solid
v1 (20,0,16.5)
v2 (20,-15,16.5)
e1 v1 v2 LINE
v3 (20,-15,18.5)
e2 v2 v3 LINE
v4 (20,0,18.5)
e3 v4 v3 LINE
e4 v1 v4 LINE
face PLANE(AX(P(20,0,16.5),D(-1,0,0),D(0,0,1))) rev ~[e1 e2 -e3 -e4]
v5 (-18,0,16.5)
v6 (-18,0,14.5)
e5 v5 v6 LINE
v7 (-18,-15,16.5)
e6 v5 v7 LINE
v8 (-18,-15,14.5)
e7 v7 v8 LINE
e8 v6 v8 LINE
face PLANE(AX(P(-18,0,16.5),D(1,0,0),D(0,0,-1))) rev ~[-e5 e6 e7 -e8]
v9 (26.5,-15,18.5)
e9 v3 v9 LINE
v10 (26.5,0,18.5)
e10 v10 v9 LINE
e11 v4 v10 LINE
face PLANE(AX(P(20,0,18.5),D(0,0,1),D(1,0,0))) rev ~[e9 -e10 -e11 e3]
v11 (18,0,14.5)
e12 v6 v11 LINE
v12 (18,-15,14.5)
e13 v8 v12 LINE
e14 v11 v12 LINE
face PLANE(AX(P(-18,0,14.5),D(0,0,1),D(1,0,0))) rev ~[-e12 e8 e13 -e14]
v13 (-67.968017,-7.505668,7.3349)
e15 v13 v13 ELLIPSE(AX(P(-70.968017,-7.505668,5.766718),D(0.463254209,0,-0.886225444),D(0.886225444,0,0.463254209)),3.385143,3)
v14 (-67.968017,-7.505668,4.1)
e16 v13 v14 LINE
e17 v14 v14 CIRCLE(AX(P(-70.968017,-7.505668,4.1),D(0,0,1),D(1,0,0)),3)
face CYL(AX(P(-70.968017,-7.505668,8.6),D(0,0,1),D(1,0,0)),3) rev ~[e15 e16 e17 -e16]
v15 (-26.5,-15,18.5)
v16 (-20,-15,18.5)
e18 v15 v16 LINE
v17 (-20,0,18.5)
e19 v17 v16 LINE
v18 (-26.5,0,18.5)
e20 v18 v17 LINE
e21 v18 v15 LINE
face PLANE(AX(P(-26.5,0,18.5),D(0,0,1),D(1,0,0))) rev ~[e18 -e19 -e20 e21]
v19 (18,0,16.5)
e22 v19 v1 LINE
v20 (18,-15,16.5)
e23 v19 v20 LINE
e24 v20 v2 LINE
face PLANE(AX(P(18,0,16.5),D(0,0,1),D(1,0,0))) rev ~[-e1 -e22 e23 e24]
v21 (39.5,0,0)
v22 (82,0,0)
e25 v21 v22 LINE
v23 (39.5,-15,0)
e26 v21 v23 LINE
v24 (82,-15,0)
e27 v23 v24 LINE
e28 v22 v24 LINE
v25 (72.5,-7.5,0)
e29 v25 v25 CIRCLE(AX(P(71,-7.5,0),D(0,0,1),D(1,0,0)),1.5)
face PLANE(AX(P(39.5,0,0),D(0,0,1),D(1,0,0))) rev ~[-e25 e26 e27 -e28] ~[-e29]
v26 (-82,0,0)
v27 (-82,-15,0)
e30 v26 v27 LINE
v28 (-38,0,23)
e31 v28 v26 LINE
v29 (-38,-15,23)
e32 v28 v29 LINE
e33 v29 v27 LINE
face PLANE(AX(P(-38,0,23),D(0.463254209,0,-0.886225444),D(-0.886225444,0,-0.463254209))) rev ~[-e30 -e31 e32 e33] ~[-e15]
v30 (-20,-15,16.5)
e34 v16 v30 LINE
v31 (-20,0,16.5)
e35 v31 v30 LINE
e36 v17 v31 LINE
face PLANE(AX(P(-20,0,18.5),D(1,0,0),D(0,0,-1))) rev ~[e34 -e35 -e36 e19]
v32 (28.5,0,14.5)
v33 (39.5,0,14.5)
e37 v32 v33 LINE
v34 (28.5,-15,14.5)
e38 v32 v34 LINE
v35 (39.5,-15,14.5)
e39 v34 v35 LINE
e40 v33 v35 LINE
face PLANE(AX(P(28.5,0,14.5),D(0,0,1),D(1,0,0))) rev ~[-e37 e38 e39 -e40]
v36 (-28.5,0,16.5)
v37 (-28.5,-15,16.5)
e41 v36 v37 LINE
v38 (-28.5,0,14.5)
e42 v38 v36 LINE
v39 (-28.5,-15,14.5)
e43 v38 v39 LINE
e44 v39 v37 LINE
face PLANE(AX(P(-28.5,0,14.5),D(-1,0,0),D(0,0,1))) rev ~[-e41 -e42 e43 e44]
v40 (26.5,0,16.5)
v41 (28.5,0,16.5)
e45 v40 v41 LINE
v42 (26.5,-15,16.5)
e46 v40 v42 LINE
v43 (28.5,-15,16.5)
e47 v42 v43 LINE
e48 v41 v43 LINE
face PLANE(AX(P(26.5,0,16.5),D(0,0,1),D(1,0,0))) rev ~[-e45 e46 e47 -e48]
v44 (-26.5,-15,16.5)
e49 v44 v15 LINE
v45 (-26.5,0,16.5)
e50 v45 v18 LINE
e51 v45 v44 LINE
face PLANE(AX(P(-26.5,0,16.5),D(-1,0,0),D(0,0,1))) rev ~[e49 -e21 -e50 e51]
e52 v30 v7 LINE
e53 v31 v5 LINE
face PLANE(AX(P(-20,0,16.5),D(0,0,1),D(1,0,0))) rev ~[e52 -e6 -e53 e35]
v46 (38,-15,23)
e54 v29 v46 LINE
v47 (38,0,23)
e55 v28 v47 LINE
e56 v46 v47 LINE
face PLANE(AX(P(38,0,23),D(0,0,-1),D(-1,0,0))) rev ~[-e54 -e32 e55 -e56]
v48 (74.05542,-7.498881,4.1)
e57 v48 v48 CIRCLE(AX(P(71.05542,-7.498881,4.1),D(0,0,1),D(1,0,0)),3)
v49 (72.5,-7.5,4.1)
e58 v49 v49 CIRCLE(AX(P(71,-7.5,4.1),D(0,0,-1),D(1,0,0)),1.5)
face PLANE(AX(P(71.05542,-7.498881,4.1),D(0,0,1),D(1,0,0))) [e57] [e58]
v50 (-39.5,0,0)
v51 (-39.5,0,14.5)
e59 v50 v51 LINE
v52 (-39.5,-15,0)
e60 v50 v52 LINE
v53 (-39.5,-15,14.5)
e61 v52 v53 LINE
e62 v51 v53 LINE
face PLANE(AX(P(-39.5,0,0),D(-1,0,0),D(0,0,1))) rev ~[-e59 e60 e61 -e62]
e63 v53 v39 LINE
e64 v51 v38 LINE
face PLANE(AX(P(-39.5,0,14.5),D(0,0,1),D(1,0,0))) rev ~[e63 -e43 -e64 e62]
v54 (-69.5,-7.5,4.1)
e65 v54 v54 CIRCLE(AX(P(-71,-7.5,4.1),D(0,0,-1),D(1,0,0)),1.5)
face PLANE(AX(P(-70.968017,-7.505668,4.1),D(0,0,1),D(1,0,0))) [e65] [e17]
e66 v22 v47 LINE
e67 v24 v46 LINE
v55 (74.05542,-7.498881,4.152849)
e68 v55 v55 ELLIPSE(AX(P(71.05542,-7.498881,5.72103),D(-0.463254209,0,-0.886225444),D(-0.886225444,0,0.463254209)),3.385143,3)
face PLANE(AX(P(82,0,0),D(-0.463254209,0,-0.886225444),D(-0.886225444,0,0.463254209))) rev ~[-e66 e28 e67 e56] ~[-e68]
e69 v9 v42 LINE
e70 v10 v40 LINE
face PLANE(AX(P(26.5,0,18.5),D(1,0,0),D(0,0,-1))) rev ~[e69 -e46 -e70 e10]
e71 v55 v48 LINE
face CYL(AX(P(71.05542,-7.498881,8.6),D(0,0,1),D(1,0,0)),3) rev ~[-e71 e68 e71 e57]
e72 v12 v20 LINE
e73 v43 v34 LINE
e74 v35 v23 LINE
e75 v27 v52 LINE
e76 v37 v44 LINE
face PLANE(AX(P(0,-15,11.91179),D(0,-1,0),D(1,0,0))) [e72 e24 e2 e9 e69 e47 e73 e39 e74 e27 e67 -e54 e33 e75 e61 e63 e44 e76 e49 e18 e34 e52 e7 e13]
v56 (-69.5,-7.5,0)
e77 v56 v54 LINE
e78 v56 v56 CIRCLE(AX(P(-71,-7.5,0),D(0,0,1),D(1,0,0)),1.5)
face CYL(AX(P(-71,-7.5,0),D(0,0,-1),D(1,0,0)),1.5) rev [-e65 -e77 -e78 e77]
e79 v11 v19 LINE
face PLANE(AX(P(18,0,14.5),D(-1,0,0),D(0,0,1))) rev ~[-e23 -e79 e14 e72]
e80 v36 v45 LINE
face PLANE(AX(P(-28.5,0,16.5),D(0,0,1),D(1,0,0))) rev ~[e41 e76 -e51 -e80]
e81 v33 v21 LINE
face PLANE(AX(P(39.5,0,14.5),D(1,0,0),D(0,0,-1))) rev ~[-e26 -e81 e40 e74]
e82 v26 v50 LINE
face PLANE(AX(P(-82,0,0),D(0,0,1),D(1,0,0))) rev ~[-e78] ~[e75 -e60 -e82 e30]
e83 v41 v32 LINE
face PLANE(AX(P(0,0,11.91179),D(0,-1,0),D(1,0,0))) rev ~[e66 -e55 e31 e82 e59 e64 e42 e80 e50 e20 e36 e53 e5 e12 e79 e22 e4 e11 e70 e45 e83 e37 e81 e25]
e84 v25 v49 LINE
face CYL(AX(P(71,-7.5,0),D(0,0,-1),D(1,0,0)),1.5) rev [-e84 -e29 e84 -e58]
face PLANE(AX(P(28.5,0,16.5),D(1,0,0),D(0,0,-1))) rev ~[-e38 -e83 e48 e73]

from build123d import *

# Parameters (mm, degrees)
F2_DEPTH = 15
F3_R     = 1.5
F4_DEPTH = 23.001
F5_R     = 3
F6_DEPTH = 4.5
F9_DEPTH = 4.3


with BuildPart() as f2:
    # F1 (on Front) → F2 (new body)
    with BuildSketch(Plane.XZ):
        Polygon((-82, 0), (-39.5, 0), (-39.5, 14.5), (-28.5, 14.5), (-28.5, 16.5), (-26.5, 16.5), (-26.5, 18.5), (-20, 18.5), (-20, 16.5), (-18, 16.5), (-18, 14.5), (0, 14.5), (18, 14.5), (18, 16.5), (20, 16.5), (20, 18.5), (26.5, 18.5), (26.5, 16.5), (28.5, 16.5), (28.5, 14.5), (39.5, 14.5), (39.5, 0), (82, 0), (38, 23), (0, 23), (-38, 23), align=None)
    extrude(amount=F2_DEPTH)

    # F3 (on Top) → F4 (cut, through all)
    with BuildSketch(Plane.XY):
        with Locations((71, -7.5)):
            Circle(F3_R)
        with Locations((-71, -7.5)):
            Circle(F3_R)
    extrude(amount=F4_DEPTH, mode=Mode.SUBTRACT)

    # F5 (on offset) → F6 (cut)
    with BuildSketch(Plane.XY.offset(8.6)):
        with Locations((-70.968017, -7.505668)):
            Circle(F5_R)
        with Locations((71.05542, -7.498881)):
            Circle(F5_R)
    extrude(amount=-F6_DEPTH, mode=Mode.SUBTRACT)

    # F8 (on offset) → F9 (join)
    with BuildSketch(Plane.XY.offset(23)):
        Polygon((38, -15), (38, -13.471063), (7.746612, -7.5), (38, -1.528937), (38, 0), (30.253388, 0), (0, -5.971063), (-30.253388, 0), (-38, 0), (-38, -1.528937), (-7.746612, -7.5), (-38, -13.471063), (-38, -15), (-30.253388, -15), (0, -9.028937), (30.253388, -15), align=None)
    extrude(amount=-F9_DEPTH)


solid = f2.part
